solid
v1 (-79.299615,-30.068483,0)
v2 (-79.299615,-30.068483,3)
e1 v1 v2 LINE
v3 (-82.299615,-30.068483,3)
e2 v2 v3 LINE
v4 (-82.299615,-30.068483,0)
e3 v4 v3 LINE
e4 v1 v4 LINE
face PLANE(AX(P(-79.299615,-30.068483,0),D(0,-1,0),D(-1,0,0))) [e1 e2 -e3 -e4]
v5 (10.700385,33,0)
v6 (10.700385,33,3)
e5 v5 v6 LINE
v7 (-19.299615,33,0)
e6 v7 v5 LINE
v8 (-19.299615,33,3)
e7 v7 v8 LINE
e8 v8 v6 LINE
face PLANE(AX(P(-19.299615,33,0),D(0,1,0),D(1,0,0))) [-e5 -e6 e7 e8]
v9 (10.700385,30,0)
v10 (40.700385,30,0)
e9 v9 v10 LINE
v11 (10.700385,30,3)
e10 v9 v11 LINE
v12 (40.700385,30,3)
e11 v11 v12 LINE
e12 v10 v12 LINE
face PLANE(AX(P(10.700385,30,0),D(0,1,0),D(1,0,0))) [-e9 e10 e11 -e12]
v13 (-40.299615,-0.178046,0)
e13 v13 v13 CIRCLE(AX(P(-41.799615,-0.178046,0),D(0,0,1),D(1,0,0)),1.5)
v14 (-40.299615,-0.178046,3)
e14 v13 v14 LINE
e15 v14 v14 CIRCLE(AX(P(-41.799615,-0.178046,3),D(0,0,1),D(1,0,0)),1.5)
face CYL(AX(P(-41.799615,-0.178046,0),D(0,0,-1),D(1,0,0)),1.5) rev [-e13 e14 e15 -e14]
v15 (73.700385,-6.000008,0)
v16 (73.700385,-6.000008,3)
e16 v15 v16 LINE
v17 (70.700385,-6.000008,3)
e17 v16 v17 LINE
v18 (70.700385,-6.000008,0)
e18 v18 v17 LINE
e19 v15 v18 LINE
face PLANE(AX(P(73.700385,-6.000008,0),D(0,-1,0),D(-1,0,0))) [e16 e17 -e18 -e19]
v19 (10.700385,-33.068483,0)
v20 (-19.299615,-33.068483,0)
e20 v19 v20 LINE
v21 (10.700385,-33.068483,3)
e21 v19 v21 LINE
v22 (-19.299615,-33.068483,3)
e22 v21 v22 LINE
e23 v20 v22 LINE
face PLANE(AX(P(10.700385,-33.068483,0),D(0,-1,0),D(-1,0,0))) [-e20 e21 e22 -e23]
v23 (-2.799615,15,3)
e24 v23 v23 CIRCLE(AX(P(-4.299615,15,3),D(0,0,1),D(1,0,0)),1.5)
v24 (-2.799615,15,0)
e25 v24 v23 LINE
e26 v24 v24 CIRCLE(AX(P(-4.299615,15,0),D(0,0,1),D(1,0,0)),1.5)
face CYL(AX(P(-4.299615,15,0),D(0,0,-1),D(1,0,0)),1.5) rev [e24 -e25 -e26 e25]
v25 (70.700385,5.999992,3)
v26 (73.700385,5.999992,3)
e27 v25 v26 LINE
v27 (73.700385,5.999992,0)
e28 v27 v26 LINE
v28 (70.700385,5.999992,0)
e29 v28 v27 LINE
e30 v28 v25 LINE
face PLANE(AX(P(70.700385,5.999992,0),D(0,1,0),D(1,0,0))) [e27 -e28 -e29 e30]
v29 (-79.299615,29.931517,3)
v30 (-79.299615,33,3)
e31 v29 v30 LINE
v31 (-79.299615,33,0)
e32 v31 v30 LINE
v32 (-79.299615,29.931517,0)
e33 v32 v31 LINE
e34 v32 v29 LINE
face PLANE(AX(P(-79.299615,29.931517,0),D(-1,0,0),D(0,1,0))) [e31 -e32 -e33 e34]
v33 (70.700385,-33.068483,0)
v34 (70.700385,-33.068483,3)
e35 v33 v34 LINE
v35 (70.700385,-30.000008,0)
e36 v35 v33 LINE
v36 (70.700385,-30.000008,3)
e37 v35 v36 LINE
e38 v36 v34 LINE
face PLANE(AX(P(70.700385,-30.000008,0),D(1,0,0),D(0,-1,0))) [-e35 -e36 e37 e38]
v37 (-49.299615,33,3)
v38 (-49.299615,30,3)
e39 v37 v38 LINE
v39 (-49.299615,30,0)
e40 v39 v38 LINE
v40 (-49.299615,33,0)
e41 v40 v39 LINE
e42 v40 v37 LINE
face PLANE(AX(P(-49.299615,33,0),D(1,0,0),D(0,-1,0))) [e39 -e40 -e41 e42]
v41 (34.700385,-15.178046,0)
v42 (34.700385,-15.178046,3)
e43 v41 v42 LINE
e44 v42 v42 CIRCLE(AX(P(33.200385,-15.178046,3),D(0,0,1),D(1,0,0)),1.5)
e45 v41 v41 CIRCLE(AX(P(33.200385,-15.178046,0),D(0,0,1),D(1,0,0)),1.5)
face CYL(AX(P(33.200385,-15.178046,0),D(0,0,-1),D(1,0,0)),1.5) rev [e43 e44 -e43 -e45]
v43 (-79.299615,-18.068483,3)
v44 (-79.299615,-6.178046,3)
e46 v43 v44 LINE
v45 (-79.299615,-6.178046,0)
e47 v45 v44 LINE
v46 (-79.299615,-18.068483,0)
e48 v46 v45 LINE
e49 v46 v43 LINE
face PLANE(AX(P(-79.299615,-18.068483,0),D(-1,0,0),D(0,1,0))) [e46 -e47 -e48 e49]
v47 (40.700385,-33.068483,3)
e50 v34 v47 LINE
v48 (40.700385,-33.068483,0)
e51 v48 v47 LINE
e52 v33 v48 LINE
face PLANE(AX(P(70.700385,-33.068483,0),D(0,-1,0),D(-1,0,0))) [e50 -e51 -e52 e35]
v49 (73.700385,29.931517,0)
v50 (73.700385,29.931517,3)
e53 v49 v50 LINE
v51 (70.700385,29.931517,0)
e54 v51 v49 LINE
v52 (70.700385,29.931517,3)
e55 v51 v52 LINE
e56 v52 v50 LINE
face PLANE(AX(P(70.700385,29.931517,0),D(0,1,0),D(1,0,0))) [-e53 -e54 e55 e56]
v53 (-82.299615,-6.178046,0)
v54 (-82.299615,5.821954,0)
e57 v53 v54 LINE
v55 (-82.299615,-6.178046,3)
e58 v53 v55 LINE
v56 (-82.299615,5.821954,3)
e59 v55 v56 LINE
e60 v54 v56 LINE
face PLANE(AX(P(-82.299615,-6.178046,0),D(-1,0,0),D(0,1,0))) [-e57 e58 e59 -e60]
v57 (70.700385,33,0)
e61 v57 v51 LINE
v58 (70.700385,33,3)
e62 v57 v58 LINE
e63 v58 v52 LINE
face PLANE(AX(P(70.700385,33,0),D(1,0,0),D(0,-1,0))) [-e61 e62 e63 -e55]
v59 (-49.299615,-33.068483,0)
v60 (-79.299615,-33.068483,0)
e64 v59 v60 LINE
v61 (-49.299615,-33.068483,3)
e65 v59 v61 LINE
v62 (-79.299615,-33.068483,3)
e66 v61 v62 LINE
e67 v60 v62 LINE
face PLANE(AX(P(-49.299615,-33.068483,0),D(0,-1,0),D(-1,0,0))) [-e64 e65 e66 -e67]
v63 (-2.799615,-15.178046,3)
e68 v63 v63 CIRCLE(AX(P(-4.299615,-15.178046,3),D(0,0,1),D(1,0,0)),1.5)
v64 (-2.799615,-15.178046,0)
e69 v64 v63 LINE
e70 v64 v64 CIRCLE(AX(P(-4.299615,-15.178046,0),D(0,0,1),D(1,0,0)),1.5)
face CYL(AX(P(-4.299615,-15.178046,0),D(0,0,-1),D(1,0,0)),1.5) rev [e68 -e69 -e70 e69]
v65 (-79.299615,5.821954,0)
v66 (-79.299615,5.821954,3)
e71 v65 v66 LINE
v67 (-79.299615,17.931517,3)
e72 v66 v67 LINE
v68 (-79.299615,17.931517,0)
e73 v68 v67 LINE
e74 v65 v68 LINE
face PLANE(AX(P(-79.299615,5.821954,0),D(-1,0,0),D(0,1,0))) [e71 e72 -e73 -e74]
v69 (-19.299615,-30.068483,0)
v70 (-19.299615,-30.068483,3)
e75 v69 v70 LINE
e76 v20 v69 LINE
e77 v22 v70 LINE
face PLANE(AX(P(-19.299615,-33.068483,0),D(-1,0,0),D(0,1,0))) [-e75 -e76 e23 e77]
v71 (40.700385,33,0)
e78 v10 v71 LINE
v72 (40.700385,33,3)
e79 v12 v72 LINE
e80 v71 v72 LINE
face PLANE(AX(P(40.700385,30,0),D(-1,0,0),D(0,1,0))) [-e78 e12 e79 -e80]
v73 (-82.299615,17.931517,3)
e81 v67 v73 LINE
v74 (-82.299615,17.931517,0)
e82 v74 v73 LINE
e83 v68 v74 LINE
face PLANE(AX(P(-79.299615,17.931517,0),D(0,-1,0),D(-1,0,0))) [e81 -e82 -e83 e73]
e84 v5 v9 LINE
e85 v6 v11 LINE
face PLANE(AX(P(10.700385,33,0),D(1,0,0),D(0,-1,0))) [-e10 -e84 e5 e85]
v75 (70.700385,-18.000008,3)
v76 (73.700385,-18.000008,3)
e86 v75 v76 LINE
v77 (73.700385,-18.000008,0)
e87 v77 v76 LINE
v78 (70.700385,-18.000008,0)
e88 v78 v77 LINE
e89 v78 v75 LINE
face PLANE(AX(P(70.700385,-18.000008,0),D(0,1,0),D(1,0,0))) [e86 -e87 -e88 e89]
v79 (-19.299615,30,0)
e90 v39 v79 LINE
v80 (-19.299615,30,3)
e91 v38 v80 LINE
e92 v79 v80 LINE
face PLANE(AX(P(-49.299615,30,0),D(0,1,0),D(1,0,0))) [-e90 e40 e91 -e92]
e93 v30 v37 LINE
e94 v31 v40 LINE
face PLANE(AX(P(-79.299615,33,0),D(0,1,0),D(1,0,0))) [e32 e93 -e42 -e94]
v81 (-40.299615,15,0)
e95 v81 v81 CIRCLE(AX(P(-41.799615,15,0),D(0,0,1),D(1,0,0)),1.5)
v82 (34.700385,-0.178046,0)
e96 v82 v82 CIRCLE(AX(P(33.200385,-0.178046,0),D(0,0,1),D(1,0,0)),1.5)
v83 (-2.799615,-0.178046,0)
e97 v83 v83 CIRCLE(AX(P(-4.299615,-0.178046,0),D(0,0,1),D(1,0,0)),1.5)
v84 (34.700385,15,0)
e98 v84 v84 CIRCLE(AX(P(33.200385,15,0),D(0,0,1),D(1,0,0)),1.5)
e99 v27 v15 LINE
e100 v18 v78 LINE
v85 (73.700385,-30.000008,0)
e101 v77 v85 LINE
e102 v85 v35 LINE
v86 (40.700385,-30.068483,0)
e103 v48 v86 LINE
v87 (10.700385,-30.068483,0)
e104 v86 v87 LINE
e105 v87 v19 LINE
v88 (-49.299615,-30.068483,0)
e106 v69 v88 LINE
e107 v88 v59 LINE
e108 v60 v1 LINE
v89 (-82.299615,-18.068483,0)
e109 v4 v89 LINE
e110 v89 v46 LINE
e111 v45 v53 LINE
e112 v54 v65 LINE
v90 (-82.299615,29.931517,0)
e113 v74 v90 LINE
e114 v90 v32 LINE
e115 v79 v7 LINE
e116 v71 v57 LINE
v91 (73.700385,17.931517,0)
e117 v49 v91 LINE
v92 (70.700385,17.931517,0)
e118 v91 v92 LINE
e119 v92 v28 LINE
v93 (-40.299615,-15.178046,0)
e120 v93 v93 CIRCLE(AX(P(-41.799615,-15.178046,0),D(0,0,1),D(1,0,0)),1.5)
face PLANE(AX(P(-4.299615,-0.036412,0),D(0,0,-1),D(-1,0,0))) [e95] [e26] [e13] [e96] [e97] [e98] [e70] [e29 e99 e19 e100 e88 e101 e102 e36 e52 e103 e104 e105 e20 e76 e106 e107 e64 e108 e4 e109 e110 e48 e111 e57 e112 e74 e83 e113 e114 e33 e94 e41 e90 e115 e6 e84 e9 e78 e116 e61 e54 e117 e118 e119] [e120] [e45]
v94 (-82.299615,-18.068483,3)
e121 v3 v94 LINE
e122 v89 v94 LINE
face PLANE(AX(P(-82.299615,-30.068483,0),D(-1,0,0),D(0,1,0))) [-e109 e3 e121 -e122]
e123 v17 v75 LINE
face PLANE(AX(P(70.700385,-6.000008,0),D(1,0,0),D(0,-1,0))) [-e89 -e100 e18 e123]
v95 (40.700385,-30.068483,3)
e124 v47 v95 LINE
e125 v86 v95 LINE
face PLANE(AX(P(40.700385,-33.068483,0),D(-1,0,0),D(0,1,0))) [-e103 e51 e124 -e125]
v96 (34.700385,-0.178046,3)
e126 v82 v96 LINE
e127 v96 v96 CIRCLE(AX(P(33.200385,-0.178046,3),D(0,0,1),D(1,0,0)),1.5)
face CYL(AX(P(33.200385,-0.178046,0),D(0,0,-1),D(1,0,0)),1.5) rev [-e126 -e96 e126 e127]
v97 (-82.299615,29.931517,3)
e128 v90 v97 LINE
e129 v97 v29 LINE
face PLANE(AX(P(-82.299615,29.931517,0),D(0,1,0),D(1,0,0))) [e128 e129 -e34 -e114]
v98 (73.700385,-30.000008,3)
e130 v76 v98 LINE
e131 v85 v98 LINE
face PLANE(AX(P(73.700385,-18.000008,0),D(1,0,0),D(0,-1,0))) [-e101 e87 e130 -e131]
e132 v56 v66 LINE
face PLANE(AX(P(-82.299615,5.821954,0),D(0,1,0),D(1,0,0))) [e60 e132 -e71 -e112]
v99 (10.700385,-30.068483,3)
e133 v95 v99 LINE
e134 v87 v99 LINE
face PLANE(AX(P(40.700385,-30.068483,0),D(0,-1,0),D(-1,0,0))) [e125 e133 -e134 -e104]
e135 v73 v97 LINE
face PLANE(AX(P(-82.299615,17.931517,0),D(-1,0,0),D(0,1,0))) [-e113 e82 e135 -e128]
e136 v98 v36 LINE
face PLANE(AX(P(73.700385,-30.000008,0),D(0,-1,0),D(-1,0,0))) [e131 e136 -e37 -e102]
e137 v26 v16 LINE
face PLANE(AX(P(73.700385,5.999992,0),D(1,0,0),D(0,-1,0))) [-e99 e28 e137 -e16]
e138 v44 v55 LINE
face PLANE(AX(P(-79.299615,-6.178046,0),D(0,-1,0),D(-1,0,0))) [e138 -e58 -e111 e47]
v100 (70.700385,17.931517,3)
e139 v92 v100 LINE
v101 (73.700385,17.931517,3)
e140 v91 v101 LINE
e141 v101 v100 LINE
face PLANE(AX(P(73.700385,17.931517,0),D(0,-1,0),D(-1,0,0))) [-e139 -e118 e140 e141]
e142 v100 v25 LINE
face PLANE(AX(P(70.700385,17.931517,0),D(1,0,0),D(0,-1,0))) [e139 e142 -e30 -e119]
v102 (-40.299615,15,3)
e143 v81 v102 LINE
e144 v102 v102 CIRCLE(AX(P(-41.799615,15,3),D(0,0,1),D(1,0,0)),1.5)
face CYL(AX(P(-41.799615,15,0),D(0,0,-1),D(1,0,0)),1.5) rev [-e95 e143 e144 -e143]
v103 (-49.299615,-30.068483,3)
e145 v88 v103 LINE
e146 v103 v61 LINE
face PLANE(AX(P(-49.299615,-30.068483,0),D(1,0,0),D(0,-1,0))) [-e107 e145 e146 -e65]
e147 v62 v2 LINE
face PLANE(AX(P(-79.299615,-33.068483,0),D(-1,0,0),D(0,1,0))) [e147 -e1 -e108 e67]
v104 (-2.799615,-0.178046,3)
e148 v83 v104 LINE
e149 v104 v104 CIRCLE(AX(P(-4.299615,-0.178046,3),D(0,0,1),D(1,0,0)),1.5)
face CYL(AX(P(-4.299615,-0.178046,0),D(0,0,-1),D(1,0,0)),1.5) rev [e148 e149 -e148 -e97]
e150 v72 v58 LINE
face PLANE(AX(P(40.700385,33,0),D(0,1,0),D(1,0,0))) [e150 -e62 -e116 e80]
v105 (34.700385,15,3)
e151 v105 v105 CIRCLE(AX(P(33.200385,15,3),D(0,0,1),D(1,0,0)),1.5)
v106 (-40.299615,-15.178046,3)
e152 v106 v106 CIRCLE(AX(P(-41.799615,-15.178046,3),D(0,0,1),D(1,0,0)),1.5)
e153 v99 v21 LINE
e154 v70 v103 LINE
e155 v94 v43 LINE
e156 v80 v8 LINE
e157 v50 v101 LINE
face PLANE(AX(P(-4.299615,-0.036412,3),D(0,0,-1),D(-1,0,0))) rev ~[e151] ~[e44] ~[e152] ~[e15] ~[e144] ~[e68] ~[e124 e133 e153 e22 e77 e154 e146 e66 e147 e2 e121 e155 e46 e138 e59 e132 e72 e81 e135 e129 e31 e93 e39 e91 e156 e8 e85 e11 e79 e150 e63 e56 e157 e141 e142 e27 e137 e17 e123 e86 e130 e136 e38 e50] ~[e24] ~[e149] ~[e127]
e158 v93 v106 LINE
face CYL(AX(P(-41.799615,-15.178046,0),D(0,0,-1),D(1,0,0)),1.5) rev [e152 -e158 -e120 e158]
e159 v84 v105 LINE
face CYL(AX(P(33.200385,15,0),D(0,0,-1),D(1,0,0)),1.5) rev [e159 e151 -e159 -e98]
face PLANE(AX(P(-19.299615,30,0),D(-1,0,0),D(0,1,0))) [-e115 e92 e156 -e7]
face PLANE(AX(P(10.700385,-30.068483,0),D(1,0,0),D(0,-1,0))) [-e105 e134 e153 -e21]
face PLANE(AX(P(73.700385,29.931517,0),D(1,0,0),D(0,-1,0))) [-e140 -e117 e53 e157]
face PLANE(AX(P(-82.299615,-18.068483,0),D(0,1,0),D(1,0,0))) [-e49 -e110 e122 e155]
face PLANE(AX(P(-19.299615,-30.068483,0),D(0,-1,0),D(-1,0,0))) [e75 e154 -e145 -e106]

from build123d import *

# Parameters (mm, degrees)
ESBO_O1_R                = 1.5
RESSALTO_EXTRUS_O1_DEPTH = 3


with BuildPart() as part:
    # Esboço1 → Ressalto-extrusão1 (new body)
    with BuildSketch(Plane.XY):
        Polygon((40.700385396, -30.0684829), (10.700385396, -30.0684829), (10.700385396, -33.0684829), (-19.299614604, -33.0684829), (-19.299614604, -30.0684829), (-49.299614604, -30.0684829), (-49.299614604, -33.0684829), (-79.299614604, -33.0684829), (-79.299614604, -30.0684829), (-82.299614604, -30.0684829), (-82.299614604, -18.0684829), (-79.299614604, -18.0684829), (-79.299614604, -6.178045813), (-82.299614604, -6.178045813), (-82.299614604, 5.821954187), (-79.299614604, 5.821954187), (-79.299614604, 17.9315171), (-82.299614604, 17.9315171), (-82.299614604, 29.9315171), (-79.299614604, 29.9315171), (-79.299614604, 33), (-49.299614604, 33), (-49.299614604, 30), (-19.299614604, 30), (-19.299614604, 33), (10.700385396, 33), (10.700385396, 30), (40.700385396, 30), (40.700385396, 33), (70.700385396, 33), (70.700385396, 29.9315171), (73.700385396, 29.9315171), (73.700385396, 17.9315171), (70.700385396, 17.9315171), (70.700385396, 5.999991894), (73.700385396, 5.999991894), (73.700385396, -6.000008106), (70.700385396, -6.000008106), (70.700385396, -18.000008106), (73.700385396, -18.000008106), (73.700385396, -30.000008106), (70.700385396, -30.000008106), (70.700385396, -33.0684829), (40.700385396, -33.0684829), align=None)
        with Locations((33.200385396, 15)):
            Circle(ESBO_O1_R, mode=Mode.SUBTRACT)
        with Locations((-4.299614604, -0.178045813)):
            Circle(ESBO_O1_R, mode=Mode.SUBTRACT)
        with Locations((-41.799614604, 15)):
            Circle(ESBO_O1_R, mode=Mode.SUBTRACT)
        with Locations((-41.799614604, -0.178045813)):
            Circle(ESBO_O1_R, mode=Mode.SUBTRACT)
        with Locations((-4.299614604, -15.178045813)):
            Circle(ESBO_O1_R, mode=Mode.SUBTRACT)
        with Locations((-41.799614604, -15.178045813)):
            Circle(ESBO_O1_R, mode=Mode.SUBTRACT)
        with Locations((33.200385396, -0.178045813)):
            Circle(ESBO_O1_R, mode=Mode.SUBTRACT)
        with Locations((33.200385396, -15.178045813)):
            Circle(ESBO_O1_R, mode=Mode.SUBTRACT)
        with Locations((-4.299614604, 15)):
            Circle(ESBO_O1_R, mode=Mode.SUBTRACT)
    extrude(amount=RESSALTO_EXTRUS_O1_DEPTH)


solid = part.part
